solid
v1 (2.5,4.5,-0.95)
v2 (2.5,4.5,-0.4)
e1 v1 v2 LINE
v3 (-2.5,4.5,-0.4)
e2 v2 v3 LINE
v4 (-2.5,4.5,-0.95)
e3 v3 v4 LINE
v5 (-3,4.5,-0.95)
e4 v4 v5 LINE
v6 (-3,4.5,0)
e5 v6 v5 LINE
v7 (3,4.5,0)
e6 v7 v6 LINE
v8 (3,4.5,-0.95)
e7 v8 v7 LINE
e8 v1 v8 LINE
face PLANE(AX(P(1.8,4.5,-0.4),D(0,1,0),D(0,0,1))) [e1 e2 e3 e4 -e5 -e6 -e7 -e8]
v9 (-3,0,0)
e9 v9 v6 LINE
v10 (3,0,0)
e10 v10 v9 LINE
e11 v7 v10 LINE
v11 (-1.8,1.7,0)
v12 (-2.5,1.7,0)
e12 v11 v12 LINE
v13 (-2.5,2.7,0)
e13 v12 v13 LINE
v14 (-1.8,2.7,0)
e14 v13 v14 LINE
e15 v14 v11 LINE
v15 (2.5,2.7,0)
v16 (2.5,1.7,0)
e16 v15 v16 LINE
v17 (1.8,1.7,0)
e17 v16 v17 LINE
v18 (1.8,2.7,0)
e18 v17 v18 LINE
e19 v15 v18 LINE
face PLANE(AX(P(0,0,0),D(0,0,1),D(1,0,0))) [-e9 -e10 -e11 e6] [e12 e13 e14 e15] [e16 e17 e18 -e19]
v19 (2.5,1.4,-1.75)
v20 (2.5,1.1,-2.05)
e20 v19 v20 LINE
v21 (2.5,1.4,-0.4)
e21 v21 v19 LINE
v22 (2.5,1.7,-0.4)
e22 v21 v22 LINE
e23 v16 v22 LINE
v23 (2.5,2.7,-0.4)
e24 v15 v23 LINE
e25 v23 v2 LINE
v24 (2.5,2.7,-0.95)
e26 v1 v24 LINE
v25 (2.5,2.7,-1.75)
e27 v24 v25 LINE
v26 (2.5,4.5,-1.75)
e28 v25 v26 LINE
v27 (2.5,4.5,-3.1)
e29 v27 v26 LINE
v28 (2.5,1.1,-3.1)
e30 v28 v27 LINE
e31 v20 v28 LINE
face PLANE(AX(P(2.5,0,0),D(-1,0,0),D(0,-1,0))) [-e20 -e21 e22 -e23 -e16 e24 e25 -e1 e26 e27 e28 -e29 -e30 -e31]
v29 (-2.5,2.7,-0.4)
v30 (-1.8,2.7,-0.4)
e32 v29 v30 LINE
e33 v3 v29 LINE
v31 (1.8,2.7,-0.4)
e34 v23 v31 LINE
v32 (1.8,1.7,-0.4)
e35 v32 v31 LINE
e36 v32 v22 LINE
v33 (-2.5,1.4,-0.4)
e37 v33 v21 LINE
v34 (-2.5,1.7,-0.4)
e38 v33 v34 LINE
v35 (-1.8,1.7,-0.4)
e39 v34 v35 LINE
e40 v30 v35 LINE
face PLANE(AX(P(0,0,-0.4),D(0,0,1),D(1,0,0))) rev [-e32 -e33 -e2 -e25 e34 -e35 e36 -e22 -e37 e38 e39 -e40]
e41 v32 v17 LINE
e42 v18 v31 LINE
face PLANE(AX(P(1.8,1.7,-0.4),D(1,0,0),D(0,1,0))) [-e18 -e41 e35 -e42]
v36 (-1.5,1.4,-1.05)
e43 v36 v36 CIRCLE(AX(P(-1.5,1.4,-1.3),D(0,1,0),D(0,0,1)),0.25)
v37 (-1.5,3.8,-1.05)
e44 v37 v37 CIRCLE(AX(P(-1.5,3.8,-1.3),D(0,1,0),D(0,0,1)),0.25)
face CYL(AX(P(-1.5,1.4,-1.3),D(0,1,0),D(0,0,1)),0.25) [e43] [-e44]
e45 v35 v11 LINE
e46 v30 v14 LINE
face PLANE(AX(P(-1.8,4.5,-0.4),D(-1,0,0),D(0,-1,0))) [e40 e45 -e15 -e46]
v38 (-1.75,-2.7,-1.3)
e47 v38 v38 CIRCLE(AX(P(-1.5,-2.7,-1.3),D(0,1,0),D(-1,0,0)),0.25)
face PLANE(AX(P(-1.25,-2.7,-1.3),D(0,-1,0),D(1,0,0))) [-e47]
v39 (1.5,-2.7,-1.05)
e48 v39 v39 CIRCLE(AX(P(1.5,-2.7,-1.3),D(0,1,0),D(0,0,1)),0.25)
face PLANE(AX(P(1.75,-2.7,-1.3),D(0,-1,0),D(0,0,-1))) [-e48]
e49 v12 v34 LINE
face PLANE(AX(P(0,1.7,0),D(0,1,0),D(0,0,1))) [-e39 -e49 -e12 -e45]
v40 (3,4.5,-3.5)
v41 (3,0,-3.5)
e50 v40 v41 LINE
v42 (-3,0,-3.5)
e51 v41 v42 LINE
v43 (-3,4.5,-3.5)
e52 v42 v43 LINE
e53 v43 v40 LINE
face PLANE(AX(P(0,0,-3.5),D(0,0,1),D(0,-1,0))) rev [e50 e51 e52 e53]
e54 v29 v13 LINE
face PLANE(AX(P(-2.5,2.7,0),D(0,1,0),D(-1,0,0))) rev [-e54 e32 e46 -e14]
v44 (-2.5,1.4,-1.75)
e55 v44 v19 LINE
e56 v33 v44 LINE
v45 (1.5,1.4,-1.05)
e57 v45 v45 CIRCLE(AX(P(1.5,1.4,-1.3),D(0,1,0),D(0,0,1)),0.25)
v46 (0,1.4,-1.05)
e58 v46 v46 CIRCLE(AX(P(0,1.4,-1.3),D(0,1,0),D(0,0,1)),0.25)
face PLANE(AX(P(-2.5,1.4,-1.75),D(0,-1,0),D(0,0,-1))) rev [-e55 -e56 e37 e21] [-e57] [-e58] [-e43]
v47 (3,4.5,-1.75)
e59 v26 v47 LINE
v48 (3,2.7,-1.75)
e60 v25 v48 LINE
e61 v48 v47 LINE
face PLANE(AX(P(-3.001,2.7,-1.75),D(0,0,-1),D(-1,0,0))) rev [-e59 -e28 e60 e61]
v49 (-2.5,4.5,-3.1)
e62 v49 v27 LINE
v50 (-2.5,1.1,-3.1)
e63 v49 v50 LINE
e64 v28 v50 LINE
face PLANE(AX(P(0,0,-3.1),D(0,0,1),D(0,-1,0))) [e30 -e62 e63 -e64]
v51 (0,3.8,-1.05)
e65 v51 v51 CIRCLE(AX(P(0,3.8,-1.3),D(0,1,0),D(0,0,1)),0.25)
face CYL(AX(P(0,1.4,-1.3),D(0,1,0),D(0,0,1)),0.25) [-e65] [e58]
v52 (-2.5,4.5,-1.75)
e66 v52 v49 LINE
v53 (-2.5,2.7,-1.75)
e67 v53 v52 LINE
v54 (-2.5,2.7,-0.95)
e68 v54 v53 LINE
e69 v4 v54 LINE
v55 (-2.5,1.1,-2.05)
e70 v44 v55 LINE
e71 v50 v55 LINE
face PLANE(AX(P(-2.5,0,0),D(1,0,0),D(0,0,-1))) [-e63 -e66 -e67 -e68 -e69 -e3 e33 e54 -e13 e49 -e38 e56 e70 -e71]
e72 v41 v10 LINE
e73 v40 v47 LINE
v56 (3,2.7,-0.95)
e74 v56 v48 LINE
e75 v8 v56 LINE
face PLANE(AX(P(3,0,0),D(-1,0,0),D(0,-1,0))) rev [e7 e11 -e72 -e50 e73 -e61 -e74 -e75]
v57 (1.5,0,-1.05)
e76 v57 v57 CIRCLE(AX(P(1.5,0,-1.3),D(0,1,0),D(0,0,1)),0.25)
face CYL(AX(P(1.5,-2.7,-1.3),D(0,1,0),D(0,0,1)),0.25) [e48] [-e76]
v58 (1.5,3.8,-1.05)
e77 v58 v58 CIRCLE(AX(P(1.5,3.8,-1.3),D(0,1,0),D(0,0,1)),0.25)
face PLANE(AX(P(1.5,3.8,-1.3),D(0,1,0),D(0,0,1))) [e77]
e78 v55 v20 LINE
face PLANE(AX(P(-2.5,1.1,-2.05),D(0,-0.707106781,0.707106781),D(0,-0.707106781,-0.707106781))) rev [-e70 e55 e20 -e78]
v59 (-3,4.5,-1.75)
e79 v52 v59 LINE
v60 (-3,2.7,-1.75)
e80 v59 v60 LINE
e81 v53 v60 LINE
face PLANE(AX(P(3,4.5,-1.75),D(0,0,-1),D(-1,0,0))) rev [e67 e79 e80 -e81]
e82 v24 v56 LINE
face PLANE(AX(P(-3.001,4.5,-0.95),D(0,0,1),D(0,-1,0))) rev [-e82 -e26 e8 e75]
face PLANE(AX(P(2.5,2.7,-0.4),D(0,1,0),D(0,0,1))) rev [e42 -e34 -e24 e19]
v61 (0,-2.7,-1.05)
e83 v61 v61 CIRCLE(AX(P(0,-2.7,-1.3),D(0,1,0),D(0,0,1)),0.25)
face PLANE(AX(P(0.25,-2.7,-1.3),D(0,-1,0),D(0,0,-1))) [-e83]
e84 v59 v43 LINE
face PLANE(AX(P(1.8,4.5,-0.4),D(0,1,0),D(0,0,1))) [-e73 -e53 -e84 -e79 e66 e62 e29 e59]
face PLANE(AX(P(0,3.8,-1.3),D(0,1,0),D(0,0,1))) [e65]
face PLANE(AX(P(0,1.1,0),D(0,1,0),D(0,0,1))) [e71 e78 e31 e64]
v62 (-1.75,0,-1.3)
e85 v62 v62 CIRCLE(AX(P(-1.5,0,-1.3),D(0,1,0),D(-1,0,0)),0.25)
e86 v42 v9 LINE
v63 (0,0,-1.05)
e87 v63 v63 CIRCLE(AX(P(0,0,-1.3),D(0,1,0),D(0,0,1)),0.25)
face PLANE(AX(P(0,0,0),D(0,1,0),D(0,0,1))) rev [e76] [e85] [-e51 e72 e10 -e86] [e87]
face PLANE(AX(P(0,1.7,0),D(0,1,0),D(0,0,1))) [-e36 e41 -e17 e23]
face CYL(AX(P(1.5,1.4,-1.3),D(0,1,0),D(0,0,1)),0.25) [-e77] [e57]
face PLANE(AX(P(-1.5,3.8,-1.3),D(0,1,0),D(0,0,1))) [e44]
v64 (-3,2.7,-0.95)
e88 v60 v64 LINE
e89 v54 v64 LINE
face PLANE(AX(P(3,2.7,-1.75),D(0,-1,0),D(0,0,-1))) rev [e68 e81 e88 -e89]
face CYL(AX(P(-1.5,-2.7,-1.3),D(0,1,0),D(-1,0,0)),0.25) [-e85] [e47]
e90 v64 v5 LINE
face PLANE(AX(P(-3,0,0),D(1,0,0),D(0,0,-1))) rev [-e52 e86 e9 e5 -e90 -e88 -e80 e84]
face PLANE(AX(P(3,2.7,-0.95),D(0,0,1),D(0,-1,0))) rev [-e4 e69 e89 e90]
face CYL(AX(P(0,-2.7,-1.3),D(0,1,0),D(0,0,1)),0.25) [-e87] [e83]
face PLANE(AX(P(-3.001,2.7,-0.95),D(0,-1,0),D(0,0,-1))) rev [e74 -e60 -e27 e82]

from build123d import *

# Parameters (mm, degrees)
SKETCH1_W           = 3.6
SKETCH1_H           = 2.8
BOSS_EXTRUDE1_DEPTH = 0.4
SKETCH2_W           = 0.4
SKETCH2_H           = 1.8
BOSS_EXTRUDE2_DEPTH = 0.7
SKETCH3_W           = 0.4
SKETCH3_H           = 1.8
BOSS_EXTRUDE3_DEPTH = 0.7
SKETCH4_W           = 3.1
SKETCH4_H           = 2.8
BOSS_EXTRUDE4_DEPTH = 0.5
SKETCH5_W           = 5.5
SKETCH5_H           = 3.1
BOSS_EXTRUDE5_DEPTH = 1.7
SKETCH6_W           = 3.1
SKETCH6_H           = 4.5
BOSS_EXTRUDE6_DEPTH = 0.5
SKETCH7_W           = 6
SKETCH7_H           = 4.5
BOSS_EXTRUDE7_DEPTH = 0.4
SKETCH8_W           = 5
SKETCH8_H           = 2.7
CUT_EXTRUDE1_DEPTH  = 0.6
BOSS_EXTRUDE8_DEPTH = 5
CUT_EXTRUDE2_REACH  = 8
SKETCH10_W          = 0.8
SKETCH10_H          = 1.8
SKETCH11_W          = 0.8
SKETCH11_H          = 1.8
CUT_EXTRUDE3_DEPTH  = 7
SKETCH12_W          = 0.25
SKETCH12_H          = 2.7
SKETCH13_W          = 0.25
SKETCH13_H          = 2.7
SKETCH14_W          = 0.25
SKETCH14_H          = 2.7
SKETCH15_W          = 0.25
SKETCH15_H          = 2.4
SKETCH16_W          = 0.25
SKETCH16_H          = 2.4
SKETCH17_W          = 0.25
SKETCH17_H          = 2.4


with BuildPart() as part:
    # Sketch1 → Boss-Extrude1 (new body)
    with BuildSketch(Plane.XY):
        with Locations((0, 3.1)):
            Rectangle(SKETCH1_W, SKETCH1_H)
    extrude(amount=-BOSS_EXTRUDE1_DEPTH)

    # Sketch2 → Boss-Extrude2 (add)
    with BuildSketch(Plane.ZY.offset(1.8)):
        with Locations((-0.2, 3.6)):
            Rectangle(SKETCH2_W, SKETCH2_H)
    extrude(amount=BOSS_EXTRUDE2_DEPTH)

    # Sketch3 → Boss-Extrude3 (add)
    with BuildSketch(Plane(origin=(1.8, 0, 0), x_dir=(0, 0, -1), z_dir=(1, 0, 0))):
        with Locations((0.2, 3.6)):
            Rectangle(SKETCH3_W, SKETCH3_H)
    extrude(amount=BOSS_EXTRUDE3_DEPTH)

    # Sketch4 → Boss-Extrude4 (add)
    with BuildSketch(Plane(origin=(2.5, 0, 0), x_dir=(0, 0, -1), z_dir=(1, 0, 0))):
        with Locations((1.55, 3.1)):
            Rectangle(SKETCH4_W, SKETCH4_H)
    extrude(amount=BOSS_EXTRUDE4_DEPTH)

    # Sketch5 → Boss-Extrude5 (add)
    with BuildSketch(Plane.XZ.offset(-1.7)):
        with Locations((0.25, -1.55)):
            Rectangle(SKETCH5_W, SKETCH5_H)
    extrude(amount=BOSS_EXTRUDE5_DEPTH)

    # Sketch6 → Boss-Extrude6 (add)
    with BuildSketch(Plane.ZY.offset(2.5)):
        with Locations((-1.55, 2.25)):
            Rectangle(SKETCH6_W, SKETCH6_H)
    extrude(amount=BOSS_EXTRUDE6_DEPTH)

    # Sketch7 → Boss-Extrude7 (add)
    with BuildSketch(Plane(origin=(0, 0, -3.1), x_dir=(-1, 0, 0), z_dir=(0, 0, -1))):
        with Locations((0, 2.25)):
            Rectangle(SKETCH7_W, SKETCH7_H)
    extrude(amount=BOSS_EXTRUDE7_DEPTH)

    # Sketch8 → Cut-Extrude1 (cut)
    with BuildSketch(Plane(origin=(0, 1.7, 0), x_dir=(-1, 0, 0), z_dir=(0, 1, 0))):
        with Locations((0, -1.75)):
            Rectangle(SKETCH8_W, SKETCH8_H)
    extrude(amount=-CUT_EXTRUDE1_DEPTH, mode=Mode.SUBTRACT)

    # Sketch9 → Boss-Extrude8 (add)
    with BuildSketch(Plane.ZY.offset(-2.5)):
        Polygon((-0.4, 1.4), (-0.4, 1.1), (-2.05, 1.1), (-1.75, 1.4), align=None)
    extrude(amount=BOSS_EXTRUDE8_DEPTH)

    # Sketch10 → Cut-Extrude2 (cut, up to next)
    with BuildSketch(Plane(origin=(3, 0, 0), x_dir=(0, 0, -1), z_dir=(1, 0, 0)), mode=Mode.PRIVATE) as cut_extrude2_sk1:
        with Locations((1.35, 3.6)):
            Rectangle(SKETCH10_W, SKETCH10_H)
    cut_extrude2_tool1 = extrude(cut_extrude2_sk1.sketch, amount=-CUT_EXTRUDE2_REACH, mode=Mode.PRIVATE) & part.part
    add(cut_extrude2_tool1.solids().sort_by_distance((3, 3.6, -1.35))[0], mode=Mode.SUBTRACT)

    # Sketch11 → Cut-Extrude3 (cut, through all)
    with BuildSketch(Plane.ZY.offset(3)):
        with Locations((-1.35, 3.6)):
            Rectangle(SKETCH11_W, SKETCH11_H)
    extrude(amount=-CUT_EXTRUDE3_DEPTH, mode=Mode.SUBTRACT)

    # Sketch12 → Revolve1 (revolve)
    with BuildSketch(Plane(origin=(0, 0, -1.3), x_dir=(-1, 0, 0), z_dir=(0, 0, -1))):
        with Locations((1.375, -1.35)):
            Rectangle(SKETCH12_W, SKETCH12_H)
    revolve(axis=Axis((-1.5, -2.7, -1.3), (0, 1, 0)))

    # Sketch13 → Revolve2 (revolve)
    with BuildSketch(Plane(origin=(0, 0, -1.3), x_dir=(-1, 0, 0), z_dir=(0, 0, -1))):
        with Locations((-0.125, -1.35)):
            Rectangle(SKETCH13_W, SKETCH13_H)
    revolve(axis=Axis((0, -2.7, -1.3), (0, 1, 0)))

    # Sketch14 → Revolve3 (revolve)
    with BuildSketch(Plane(origin=(0, 0, -1.3), x_dir=(-1, 0, 0), z_dir=(0, 0, -1))):
        with Locations((-1.625, -1.35)):
            Rectangle(SKETCH14_W, SKETCH14_H)
    revolve(axis=Axis((1.5, -2.7, -1.3), (0, 1, 0)))

    # Sketch15 → Revolve4 (revolve)
    with BuildSketch(Plane(origin=(0, 0, -1.3), x_dir=(-1, 0, 0), z_dir=(0, 0, -1))):
        with Locations((-1.625, 2.6)):
            Rectangle(SKETCH15_W, SKETCH15_H)
    revolve(axis=Axis((1.5, 1.4, -1.3), (0, 1, 0)))

    # Sketch16 → Revolve5 (revolve)
    with BuildSketch(Plane(origin=(0, 0, -1.3), x_dir=(-1, 0, 0), z_dir=(0, 0, -1))):
        with Locations((-0.125, 2.6)):
            Rectangle(SKETCH16_W, SKETCH16_H)
    revolve(axis=Axis((0, 1.4, -1.3), (0, 1, 0)))

    # Sketch17 → Revolve6 (revolve)
    with BuildSketch(Plane(origin=(0, 0, -1.3), x_dir=(-1, 0, 0), z_dir=(0, 0, -1))):
        with Locations((1.375, 2.6)):
            Rectangle(SKETCH17_W, SKETCH17_H)
    revolve(axis=Axis((-1.5, 1.4, -1.3), (0, 1, 0)))


solid = part.part
